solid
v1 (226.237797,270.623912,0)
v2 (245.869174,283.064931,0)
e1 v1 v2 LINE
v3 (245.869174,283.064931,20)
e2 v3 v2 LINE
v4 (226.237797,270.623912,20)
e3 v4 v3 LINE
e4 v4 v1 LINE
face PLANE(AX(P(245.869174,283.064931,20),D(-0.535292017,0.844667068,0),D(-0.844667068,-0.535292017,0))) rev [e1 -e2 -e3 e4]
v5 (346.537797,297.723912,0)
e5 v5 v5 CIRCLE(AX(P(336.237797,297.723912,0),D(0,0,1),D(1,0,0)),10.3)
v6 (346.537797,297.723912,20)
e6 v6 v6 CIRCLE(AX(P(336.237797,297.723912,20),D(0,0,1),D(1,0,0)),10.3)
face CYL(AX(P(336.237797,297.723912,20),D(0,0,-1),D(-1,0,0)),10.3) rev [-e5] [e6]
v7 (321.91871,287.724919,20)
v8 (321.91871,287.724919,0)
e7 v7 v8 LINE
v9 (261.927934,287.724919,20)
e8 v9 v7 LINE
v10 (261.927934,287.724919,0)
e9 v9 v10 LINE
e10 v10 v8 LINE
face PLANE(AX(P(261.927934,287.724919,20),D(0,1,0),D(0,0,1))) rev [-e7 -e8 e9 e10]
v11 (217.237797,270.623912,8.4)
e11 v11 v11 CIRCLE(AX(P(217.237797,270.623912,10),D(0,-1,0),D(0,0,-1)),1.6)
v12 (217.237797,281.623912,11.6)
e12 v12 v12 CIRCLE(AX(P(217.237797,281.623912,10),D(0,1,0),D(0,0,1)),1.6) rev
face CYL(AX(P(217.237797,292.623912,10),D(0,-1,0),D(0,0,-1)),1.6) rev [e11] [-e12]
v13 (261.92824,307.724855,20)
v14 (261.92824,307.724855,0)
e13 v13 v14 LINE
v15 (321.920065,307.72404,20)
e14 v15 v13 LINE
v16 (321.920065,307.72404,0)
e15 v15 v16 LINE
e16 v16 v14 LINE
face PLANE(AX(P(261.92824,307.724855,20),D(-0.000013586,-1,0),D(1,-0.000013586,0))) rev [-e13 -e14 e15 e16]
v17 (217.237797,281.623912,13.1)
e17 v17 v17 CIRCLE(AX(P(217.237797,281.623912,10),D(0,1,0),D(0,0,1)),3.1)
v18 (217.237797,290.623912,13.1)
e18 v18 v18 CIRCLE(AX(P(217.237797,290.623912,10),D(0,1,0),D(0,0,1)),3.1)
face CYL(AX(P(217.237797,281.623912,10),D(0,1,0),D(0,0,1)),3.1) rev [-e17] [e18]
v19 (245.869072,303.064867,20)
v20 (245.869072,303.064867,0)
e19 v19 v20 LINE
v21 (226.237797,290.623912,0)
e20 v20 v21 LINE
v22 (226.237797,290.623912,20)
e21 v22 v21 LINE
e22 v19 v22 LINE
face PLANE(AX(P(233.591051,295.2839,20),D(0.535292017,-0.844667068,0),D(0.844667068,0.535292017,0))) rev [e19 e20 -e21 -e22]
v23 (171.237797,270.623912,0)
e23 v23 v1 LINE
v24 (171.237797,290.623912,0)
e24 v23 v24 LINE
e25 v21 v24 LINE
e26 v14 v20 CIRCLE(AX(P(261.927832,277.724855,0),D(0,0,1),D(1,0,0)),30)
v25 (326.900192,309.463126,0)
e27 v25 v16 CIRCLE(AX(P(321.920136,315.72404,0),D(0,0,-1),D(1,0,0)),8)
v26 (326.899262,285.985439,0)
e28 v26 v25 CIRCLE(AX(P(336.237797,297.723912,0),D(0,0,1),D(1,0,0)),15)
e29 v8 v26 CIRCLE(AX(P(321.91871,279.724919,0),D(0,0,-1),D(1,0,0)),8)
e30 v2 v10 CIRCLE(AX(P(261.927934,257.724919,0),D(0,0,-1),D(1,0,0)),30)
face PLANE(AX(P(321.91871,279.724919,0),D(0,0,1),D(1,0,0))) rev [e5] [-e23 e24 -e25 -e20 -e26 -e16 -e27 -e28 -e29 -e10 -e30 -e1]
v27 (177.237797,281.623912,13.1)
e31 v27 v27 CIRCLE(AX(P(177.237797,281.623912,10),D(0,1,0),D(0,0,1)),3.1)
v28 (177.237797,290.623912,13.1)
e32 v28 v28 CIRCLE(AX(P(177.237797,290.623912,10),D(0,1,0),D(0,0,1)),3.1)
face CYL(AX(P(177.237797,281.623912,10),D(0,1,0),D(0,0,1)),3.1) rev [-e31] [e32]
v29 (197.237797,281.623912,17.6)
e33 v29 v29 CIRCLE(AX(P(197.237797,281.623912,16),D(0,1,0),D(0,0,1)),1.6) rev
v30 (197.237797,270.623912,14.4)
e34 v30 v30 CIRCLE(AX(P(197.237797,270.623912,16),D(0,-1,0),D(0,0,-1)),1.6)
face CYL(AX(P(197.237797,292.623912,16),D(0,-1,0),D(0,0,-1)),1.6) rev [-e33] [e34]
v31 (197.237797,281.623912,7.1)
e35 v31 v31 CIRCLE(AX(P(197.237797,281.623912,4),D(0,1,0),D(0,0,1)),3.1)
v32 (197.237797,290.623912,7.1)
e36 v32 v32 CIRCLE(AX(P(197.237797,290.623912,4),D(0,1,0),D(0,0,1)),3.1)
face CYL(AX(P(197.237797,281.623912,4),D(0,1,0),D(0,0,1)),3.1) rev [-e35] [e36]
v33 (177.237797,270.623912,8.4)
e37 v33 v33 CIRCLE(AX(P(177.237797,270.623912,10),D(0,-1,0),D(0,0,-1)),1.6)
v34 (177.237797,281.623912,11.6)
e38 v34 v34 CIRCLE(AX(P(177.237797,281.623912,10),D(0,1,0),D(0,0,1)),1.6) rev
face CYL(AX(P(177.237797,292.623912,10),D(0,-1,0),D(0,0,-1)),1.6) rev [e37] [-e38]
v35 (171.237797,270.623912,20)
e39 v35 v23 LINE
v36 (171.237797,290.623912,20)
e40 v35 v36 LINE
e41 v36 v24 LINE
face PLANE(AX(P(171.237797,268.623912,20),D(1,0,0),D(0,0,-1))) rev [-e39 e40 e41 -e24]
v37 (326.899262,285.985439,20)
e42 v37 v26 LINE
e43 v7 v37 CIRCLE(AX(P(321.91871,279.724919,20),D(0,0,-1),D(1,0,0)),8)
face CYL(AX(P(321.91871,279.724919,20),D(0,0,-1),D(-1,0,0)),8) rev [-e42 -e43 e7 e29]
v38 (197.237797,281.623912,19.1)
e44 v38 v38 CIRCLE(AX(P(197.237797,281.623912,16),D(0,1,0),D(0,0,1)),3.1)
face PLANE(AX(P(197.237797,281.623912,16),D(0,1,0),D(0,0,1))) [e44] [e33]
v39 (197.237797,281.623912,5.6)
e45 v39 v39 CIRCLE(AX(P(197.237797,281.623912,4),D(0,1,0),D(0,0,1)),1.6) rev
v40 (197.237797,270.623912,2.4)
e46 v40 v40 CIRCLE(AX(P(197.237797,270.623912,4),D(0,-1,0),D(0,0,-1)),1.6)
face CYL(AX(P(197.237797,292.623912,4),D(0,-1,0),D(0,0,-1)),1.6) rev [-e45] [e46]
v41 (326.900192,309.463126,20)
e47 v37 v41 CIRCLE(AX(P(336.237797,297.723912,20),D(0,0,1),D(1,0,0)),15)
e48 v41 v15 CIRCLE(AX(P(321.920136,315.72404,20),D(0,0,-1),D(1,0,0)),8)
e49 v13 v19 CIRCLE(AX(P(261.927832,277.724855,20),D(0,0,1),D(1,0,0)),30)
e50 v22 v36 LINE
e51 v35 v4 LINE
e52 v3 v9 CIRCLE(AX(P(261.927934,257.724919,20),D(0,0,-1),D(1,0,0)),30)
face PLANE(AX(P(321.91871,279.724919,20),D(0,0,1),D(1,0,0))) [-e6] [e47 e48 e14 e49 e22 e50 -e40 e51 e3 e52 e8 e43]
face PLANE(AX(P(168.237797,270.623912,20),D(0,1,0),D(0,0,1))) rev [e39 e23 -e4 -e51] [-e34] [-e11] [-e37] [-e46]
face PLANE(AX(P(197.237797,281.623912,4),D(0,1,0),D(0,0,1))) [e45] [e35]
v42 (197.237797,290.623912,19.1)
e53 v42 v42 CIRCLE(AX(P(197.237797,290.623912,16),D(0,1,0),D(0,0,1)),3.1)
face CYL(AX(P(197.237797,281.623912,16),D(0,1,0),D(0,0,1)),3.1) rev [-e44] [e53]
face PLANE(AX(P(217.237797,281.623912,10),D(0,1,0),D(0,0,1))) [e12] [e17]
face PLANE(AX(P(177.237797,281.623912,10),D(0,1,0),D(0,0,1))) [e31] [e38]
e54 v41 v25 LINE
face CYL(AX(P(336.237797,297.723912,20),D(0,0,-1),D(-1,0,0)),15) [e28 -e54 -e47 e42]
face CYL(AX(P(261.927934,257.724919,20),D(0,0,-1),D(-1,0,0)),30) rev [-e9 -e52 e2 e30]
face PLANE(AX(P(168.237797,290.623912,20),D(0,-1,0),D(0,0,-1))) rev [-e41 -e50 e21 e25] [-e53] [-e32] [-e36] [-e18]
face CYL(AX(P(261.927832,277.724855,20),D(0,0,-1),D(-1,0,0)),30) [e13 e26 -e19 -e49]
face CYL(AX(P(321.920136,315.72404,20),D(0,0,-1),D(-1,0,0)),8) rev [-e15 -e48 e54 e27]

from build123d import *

# Parameters (mm, degrees)
MODEL_R             = 10.3
EXTRUDE_1_DEPTH     = 20
SKETCH_2_R          = 1.6
CUT_EXTRUDE_1_DEPTH = 22
SKETCH_4_R          = 3.1
CUT_EXTRUDE_2_DEPTH = 9
SKETCH_5_W          = 3
SKETCH_5_H          = 20
CUT_EXTRUDE_3_DEPTH = 22


with BuildPart() as part:
    # Model → 凸台-拉伸1 (new body)
    with BuildSketch(Plane.XY):
        with BuildLine():
            Line((233.591051214, 295.2839002), (226.237796851, 290.623912247))
            Line((226.237796851, 290.623912247), (217.532290693, 290.623912247))
            Line((217.532290693, 290.623912247), (168.237796851, 290.623912247))
            Line((168.237796851, 290.623912247), (168.237796851, 270.623912247))
            Line((168.237796851, 270.623912247), (226.237796851, 270.623912247))
            Line((226.237796851, 270.623912247), (245.869173527, 283.06493146))
            ThreePointArc((245.869173527, 283.06493146), (253.567322868, 286.536378604), (261.927934048, 287.724919413))
            Line((261.927934048, 287.724919413), (321.918709695, 287.724919413))
            ThreePointArc((321.918709695, 287.724919413), (324.556497218, 287.277539951), (326.899261749, 285.985438659))
            ThreePointArc((326.899261749, 285.985438659), (351.237796839, 297.723317855), (326.900192078, 309.463125896))
            ThreePointArc((326.900192078, 309.463125896), (324.557590785, 308.171303033), (321.920064905, 307.724039843))
            Line((321.920064905, 307.724039843), (261.928239839, 307.724854901))
            ThreePointArc((261.928239839, 307.724854901), (253.567416793, 306.536370888), (245.869071734, 303.06486695))
            Line((245.869071734, 303.06486695), (233.591051214, 295.2839002))
        make_face()
        with Locations((336.237796851, 297.723912247)):
            Circle(MODEL_R, mode=Mode.SUBTRACT)
    extrude(amount=EXTRUDE_1_DEPTH)

    # 草图2 → 切除-拉伸1 (cut)
    with BuildSketch(Plane(origin=(0, 270.623912247, 0), x_dir=(-1, 0, 0), z_dir=(0, -1, 0))):
        with Locations(Location((-177.237796851, -10, 0), (0, 0, 90))):
            Circle(SKETCH_2_R)
        with Locations(Location((-217.237796851, -10, 0), (0, 0, 90))):
            Circle(SKETCH_2_R)
        with Locations(Location((-197.237796851, -16, 0), (0, 0, 90))):
            Circle(SKETCH_2_R)
        with Locations(Location((-197.237796851, -4, 0), (0, 0, 90))):
            Circle(SKETCH_2_R)
    extrude(amount=-CUT_EXTRUDE_1_DEPTH, mode=Mode.SUBTRACT)

    # 草图4 → 切除-拉伸2 (cut)
    with BuildSketch(Plane(origin=(0, 290.623912247, 0), x_dir=(1, 0, 0), z_dir=(0, 1, 0))):
        with Locations(Location((177.237796851, -10, 0), (0, 0, 270))):
            Circle(SKETCH_4_R)
        with Locations(Location((197.237796851, -16, 0), (0, 0, 270))):
            Circle(SKETCH_4_R)
        with Locations(Location((197.237796851, -4, 0), (0, 0, 270))):
            Circle(SKETCH_4_R)
        with Locations(Location((217.237796851, -10, 0), (0, 0, 270))):
            Circle(SKETCH_4_R)
    extrude(amount=-CUT_EXTRUDE_2_DEPTH, mode=Mode.SUBTRACT)

    # 草图5 → 切除-拉伸3 (cut)
    with BuildSketch(Plane(origin=(0, 290.623912247, 0), x_dir=(1, 0, 0), z_dir=(0, 1, 0))):
        with Locations((169.737796851, -10)):
            Rectangle(SKETCH_5_W, SKETCH_5_H)
    extrude(amount=-CUT_EXTRUDE_3_DEPTH, mode=Mode.SUBTRACT)


solid = part.part
